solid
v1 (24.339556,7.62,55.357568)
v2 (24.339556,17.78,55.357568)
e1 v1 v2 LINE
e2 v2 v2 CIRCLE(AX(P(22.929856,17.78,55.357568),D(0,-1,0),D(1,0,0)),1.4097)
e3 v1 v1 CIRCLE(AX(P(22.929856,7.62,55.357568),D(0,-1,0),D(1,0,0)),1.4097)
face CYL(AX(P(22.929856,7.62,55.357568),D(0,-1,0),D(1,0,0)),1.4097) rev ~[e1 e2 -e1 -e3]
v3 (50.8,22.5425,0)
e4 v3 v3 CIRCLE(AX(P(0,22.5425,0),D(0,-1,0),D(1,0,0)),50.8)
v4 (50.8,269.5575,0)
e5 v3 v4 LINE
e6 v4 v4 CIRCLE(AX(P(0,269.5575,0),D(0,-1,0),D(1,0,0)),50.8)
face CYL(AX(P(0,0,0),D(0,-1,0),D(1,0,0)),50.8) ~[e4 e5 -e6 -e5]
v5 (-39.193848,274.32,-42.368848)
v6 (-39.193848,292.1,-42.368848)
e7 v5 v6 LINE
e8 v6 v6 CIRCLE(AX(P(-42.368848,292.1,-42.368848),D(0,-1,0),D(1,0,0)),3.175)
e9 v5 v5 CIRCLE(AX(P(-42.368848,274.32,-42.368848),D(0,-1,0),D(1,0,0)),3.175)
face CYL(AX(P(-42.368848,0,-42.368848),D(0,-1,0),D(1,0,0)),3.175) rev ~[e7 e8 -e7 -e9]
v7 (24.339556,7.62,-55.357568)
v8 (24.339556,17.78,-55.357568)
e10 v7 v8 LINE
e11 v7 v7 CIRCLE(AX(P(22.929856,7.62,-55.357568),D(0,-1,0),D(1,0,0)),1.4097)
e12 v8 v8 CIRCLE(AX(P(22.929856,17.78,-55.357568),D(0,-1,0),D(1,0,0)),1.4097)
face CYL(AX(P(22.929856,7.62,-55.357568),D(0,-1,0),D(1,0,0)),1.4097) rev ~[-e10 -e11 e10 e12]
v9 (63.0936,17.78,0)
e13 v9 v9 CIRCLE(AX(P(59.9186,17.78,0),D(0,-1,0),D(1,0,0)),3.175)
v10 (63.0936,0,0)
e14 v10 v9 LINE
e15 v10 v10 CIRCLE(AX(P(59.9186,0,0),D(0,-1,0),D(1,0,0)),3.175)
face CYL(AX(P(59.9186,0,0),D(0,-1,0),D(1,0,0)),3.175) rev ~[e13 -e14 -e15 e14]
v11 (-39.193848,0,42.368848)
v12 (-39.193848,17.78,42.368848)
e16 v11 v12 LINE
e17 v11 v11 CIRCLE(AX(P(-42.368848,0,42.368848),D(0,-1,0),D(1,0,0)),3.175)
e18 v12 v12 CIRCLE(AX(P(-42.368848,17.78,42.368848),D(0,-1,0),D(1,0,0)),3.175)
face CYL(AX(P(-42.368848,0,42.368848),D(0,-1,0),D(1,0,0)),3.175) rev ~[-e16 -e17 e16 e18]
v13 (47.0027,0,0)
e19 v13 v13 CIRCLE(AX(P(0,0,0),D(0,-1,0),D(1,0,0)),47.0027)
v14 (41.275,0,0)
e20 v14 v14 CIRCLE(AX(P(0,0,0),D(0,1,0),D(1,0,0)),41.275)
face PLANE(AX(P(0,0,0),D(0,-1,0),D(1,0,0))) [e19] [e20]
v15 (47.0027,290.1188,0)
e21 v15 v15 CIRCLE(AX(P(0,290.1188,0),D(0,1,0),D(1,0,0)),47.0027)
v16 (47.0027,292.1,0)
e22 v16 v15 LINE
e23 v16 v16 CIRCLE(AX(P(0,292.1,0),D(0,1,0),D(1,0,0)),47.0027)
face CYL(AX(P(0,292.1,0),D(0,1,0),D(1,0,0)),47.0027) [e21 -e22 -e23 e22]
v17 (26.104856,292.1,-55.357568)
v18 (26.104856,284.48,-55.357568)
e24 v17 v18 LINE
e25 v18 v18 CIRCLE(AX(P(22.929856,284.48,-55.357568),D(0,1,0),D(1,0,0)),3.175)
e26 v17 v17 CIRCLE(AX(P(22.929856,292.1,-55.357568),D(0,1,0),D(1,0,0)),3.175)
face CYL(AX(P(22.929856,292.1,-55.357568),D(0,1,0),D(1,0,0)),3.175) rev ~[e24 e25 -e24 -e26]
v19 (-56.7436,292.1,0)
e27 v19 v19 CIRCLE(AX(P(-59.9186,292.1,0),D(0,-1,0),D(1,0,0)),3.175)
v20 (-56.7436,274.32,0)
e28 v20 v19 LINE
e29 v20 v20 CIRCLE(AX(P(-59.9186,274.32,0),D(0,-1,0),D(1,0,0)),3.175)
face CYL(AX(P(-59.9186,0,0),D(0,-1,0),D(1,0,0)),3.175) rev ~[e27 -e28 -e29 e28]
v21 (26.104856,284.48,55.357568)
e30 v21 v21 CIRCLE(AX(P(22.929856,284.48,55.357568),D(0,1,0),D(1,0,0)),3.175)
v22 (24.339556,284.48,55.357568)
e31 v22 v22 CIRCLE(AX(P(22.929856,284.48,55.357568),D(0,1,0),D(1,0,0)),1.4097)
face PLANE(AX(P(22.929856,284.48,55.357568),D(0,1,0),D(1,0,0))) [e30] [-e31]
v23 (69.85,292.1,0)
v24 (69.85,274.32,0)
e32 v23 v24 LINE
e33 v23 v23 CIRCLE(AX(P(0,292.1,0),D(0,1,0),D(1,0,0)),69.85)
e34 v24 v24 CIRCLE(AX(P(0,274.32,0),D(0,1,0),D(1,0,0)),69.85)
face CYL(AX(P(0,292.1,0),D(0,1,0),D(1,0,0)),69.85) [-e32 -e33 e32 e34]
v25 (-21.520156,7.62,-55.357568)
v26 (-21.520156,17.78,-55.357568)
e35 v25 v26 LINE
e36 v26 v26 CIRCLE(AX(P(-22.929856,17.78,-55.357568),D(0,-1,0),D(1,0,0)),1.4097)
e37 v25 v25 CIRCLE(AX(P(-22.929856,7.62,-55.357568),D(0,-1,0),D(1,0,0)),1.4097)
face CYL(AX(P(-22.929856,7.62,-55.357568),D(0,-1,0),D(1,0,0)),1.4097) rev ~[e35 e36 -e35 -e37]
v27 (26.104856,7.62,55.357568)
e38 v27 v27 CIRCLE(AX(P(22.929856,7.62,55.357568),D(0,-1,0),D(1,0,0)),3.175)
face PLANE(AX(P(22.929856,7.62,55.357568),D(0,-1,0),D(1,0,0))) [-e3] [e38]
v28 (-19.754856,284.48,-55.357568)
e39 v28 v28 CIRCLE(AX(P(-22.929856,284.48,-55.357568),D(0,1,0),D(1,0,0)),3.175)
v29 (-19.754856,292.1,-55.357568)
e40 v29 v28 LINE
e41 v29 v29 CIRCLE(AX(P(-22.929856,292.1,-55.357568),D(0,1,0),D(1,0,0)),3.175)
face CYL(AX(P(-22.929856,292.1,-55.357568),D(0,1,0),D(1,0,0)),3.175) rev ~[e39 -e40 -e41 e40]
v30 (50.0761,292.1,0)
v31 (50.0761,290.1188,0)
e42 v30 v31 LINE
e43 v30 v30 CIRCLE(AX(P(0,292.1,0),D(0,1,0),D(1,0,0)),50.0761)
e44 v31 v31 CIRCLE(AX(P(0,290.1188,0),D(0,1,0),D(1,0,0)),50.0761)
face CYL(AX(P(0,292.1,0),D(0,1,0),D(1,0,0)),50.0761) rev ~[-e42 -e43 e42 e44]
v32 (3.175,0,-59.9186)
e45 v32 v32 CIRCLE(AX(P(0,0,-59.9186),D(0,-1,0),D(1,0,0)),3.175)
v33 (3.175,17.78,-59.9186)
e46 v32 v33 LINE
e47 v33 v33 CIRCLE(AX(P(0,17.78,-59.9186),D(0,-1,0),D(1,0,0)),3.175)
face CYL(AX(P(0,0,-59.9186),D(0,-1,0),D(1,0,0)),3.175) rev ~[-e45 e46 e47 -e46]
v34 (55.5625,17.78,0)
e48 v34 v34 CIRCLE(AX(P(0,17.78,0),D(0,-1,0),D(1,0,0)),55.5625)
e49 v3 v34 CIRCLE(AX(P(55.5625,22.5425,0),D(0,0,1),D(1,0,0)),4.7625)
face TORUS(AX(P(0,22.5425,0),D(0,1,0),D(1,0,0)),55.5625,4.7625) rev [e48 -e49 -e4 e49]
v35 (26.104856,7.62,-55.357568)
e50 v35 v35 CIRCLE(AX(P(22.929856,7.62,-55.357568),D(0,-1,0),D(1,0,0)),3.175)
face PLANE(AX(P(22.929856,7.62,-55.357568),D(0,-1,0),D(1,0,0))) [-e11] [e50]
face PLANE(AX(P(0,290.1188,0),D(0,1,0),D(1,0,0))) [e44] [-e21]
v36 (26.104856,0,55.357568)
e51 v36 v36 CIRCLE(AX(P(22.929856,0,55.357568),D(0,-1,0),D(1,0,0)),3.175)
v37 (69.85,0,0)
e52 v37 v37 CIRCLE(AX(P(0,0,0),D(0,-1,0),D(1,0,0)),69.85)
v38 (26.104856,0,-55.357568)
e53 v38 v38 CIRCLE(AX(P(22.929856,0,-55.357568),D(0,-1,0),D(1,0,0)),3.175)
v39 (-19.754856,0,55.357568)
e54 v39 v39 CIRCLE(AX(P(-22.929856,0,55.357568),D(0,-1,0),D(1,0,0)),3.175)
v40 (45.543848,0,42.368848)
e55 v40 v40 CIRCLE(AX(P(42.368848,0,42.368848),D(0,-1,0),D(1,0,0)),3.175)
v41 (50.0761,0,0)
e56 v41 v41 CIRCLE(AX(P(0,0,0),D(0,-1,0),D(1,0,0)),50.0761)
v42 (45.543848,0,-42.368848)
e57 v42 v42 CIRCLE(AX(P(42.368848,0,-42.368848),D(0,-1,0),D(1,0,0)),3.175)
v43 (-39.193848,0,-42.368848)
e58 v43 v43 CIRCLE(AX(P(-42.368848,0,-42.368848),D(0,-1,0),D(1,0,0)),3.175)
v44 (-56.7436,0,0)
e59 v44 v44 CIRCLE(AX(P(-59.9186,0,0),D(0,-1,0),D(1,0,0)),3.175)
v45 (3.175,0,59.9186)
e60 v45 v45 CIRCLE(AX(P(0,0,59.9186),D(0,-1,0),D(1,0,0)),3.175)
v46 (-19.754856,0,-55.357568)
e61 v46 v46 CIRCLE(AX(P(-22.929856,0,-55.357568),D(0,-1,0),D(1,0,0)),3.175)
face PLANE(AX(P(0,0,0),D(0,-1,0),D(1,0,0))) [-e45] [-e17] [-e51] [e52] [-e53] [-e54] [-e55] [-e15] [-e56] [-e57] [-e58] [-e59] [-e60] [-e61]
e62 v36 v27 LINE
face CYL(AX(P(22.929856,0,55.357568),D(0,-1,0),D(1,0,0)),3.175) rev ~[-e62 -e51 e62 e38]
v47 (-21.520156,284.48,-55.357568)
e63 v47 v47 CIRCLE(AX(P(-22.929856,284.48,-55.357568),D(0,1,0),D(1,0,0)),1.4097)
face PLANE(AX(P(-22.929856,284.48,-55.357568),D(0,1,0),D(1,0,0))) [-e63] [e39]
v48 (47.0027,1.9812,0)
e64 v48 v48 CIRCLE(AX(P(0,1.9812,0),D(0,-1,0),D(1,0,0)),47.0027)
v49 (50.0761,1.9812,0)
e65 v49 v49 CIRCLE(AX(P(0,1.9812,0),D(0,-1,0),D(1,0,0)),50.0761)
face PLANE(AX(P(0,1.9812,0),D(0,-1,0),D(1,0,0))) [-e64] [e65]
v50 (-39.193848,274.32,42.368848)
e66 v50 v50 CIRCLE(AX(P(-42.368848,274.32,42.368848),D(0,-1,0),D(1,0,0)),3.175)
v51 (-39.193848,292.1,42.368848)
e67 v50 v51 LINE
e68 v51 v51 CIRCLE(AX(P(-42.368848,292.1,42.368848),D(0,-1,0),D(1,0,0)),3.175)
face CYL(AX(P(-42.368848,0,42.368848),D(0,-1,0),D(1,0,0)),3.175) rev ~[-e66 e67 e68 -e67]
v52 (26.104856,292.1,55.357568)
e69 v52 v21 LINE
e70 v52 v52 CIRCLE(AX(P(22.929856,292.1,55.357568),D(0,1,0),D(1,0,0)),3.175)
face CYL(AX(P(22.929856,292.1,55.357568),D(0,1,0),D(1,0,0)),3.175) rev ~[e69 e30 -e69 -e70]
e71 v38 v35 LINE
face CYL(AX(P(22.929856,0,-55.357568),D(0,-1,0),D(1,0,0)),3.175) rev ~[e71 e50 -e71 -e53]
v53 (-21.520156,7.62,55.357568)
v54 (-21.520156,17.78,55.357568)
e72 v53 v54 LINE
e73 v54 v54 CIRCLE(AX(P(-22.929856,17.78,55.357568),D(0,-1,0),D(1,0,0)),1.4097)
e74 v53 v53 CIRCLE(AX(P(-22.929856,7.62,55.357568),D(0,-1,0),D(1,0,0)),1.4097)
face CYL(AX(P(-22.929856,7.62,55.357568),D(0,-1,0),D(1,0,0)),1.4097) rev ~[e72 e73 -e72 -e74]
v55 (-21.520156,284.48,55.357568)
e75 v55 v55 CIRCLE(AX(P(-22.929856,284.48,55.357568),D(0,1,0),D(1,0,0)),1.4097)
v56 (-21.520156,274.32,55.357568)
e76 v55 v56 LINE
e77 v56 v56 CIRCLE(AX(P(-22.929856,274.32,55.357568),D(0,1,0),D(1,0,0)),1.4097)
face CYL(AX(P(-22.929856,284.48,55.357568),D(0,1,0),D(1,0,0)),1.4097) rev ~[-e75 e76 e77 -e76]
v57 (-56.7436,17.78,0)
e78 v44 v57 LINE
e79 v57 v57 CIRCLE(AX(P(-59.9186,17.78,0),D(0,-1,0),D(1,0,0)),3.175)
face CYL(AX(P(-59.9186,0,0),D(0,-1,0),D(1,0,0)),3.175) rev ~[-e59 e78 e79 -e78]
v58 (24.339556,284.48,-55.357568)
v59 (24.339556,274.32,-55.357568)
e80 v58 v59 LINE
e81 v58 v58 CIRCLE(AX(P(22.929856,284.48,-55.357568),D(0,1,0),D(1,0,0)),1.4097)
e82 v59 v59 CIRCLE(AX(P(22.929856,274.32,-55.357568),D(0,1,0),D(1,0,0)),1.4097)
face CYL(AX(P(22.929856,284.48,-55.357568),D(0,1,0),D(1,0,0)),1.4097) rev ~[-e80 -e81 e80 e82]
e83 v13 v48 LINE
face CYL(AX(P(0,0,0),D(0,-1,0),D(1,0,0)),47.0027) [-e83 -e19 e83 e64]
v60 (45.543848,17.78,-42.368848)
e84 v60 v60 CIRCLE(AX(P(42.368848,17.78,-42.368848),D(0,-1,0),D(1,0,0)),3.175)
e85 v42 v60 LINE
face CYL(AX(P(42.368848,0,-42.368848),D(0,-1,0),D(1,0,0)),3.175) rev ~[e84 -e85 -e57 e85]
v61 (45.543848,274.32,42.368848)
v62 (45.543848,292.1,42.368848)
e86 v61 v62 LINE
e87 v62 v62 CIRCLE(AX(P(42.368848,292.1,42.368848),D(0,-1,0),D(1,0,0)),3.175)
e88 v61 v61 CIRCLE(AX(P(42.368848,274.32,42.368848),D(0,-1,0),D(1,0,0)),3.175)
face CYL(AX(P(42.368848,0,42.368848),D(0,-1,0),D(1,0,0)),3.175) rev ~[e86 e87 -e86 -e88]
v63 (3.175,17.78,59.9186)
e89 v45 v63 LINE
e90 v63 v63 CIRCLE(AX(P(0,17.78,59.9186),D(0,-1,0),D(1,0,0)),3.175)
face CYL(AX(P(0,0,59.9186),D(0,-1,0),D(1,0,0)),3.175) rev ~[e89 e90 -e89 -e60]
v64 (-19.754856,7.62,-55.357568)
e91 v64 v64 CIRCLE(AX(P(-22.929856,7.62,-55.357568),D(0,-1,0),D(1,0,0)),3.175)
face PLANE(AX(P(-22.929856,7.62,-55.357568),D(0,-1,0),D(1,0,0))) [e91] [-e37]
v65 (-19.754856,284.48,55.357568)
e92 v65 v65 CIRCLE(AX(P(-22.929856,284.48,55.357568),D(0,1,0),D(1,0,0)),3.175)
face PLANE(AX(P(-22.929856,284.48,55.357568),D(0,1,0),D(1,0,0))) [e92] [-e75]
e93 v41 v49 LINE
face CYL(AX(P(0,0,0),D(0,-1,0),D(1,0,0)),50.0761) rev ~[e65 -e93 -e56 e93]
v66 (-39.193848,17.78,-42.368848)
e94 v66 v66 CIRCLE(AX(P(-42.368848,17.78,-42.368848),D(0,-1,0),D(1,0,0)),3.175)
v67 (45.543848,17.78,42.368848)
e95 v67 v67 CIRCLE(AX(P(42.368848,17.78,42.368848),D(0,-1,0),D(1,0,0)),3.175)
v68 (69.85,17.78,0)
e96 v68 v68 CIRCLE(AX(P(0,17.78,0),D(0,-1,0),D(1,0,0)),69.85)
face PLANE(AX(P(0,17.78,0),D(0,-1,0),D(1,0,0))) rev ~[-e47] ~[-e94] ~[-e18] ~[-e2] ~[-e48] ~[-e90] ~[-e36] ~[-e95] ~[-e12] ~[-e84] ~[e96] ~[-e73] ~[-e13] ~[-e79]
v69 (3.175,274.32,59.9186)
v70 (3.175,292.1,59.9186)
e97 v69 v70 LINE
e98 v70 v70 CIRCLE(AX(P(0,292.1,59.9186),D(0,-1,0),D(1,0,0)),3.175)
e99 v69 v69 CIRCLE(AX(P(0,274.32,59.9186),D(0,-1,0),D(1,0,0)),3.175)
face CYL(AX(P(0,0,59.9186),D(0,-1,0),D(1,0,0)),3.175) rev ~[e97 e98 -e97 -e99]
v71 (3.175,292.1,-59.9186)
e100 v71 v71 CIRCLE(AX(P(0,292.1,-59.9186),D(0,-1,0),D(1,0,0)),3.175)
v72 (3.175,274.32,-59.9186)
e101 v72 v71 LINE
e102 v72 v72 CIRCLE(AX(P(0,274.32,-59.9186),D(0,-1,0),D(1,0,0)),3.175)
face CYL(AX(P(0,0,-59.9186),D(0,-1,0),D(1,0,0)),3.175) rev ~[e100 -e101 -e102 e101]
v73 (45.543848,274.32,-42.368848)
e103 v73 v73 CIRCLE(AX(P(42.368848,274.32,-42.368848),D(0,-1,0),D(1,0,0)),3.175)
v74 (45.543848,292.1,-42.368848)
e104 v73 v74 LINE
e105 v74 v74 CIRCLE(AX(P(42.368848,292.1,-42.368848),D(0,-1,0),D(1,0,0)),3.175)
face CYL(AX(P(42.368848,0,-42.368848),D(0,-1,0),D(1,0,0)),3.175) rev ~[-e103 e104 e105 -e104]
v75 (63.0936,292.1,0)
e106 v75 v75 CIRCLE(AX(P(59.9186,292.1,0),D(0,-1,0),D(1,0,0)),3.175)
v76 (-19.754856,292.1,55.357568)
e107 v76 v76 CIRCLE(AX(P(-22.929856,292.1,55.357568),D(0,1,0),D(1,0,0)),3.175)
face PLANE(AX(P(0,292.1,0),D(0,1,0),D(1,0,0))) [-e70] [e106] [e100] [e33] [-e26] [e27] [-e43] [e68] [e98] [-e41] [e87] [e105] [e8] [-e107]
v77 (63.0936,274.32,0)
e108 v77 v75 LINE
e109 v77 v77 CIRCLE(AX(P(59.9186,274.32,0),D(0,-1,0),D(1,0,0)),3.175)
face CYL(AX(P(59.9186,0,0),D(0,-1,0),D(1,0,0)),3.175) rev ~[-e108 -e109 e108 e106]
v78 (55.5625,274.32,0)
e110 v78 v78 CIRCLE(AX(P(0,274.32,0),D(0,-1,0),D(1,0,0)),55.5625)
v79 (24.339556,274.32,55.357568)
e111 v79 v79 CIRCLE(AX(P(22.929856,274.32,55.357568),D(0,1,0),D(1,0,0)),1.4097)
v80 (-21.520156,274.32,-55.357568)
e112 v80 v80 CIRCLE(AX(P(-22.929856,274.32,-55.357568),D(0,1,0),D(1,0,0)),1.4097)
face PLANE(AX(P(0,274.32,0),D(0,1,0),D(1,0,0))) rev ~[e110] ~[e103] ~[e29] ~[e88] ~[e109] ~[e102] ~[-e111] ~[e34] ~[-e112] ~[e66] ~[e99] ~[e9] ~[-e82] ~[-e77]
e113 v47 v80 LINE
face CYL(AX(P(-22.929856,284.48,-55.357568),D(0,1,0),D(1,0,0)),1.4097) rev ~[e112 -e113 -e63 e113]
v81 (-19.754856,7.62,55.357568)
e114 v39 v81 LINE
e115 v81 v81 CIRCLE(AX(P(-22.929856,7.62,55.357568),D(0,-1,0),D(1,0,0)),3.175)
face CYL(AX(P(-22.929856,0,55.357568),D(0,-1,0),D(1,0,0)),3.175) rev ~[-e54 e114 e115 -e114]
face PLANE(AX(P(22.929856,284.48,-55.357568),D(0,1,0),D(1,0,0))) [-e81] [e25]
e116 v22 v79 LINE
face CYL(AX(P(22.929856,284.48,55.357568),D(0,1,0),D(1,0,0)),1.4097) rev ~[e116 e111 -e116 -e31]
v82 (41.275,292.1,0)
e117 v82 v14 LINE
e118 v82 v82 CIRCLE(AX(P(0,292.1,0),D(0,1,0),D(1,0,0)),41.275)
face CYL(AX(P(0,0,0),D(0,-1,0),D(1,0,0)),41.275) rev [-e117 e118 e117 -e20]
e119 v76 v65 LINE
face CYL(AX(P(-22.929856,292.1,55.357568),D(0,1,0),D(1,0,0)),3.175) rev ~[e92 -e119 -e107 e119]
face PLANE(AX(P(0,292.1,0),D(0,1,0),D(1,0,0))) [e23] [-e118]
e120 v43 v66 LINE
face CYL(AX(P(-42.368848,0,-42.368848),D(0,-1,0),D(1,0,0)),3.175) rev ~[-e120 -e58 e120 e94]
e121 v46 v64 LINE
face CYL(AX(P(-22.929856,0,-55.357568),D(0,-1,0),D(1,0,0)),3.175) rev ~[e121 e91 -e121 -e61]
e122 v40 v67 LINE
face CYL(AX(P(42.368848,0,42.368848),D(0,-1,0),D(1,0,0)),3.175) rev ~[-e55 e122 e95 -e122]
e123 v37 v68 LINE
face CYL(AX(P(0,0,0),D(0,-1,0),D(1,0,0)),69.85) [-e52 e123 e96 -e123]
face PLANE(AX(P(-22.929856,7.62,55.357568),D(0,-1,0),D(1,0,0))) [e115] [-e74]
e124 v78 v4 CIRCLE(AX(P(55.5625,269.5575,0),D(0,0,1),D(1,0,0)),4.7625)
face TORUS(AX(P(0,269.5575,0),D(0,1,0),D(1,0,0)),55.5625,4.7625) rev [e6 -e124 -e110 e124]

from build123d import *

# Parameters (mm, degrees)
SKETCH2_R               = 50.8
SKETCH2_R_2             = 41.275
BASE_CYLINDER_DEPTH     = 292.1
SKETCH3_R               = 69.85
SKETCH3_R_2             = 41.275
AFT_FLANGE_DEPTH        = 17.78
SKETCH4_R               = 69.85
SKETCH4_R_2             = 41.275
FORWARD_FLANGE_DEPTH    = 17.78
SKETCH6_R               = 50.0761
SKETCH6_R_2             = 47.0027
O_RING_SLOT_1_DEPTH     = 1.9812
SKETCH7_R               = 50.0761
SKETCH7_R_2             = 47.0027
O_RING_SLOT_2_DEPTH     = 1.9812
SKETCH8_R               = 3.175
CUT_EXTRUDE4_DEPTH      = 1
CUT_EXTRUDE4_DEPTH_BACK = 293.1
FILLET1_R               = 4.7625
SKETCH9_R               = 3.175
CUT_EXTRUDE5_DEPTH      = 7.62
SKETCH10_R              = 3.175
CUT_EXTRUDE6_DEPTH      = 7.62
CUT_EXTRUDE7_REACH      = 286.48
SKETCH11_R              = 1.4097
CUT_EXTRUDE8_REACH      = 286.48
SKETCH12_R              = 1.4097


with BuildPart() as part:
    # Sketch2 → Base Cylinder (new body)
    with BuildSketch(Plane(origin=(0, 0, 0), x_dir=(1, 0, 0), z_dir=(0, 1, 0))):
        Circle(SKETCH2_R)
        Circle(SKETCH2_R_2, mode=Mode.SUBTRACT)
    extrude(amount=BASE_CYLINDER_DEPTH)

    # Sketch3 → Aft Flange (add)
    with BuildSketch(Plane.XZ):
        Circle(SKETCH3_R)
        Circle(SKETCH3_R_2, mode=Mode.SUBTRACT)
    extrude(amount=-AFT_FLANGE_DEPTH)

    # Sketch4 → Forward Flange (add)
    with BuildSketch(Plane(origin=(0, 292.1, 0), x_dir=(1, 0, 0), z_dir=(0, 1, 0))):
        Circle(SKETCH4_R)
        Circle(SKETCH4_R_2, mode=Mode.SUBTRACT)
    extrude(amount=-FORWARD_FLANGE_DEPTH)

    # Sketch6 → O-Ring Slot 1 (cut)
    with BuildSketch(Plane.XZ):
        Circle(SKETCH6_R)
        Circle(SKETCH6_R_2, mode=Mode.SUBTRACT)
    extrude(amount=-O_RING_SLOT_1_DEPTH, mode=Mode.SUBTRACT)

    # Sketch7 → O-Ring Slot 2 (cut)
    with BuildSketch(Plane(origin=(0, 292.1, 0), x_dir=(1, 0, 0), z_dir=(0, 1, 0))):
        Circle(SKETCH7_R)
        Circle(SKETCH7_R_2, mode=Mode.SUBTRACT)
    extrude(amount=-O_RING_SLOT_2_DEPTH, mode=Mode.SUBTRACT)

    # Sketch8 → Cut-Extrude4 (cut, two sides)
    with BuildSketch(Plane.XZ) as cut_extrude4_sk:
        with Locations((-59.9186, 0)):
            Circle(SKETCH8_R)
        with Locations((-42.368848379, 42.368848379)):
            Circle(SKETCH8_R)
        with Locations((0, 59.9186)):
            Circle(SKETCH8_R)
        with Locations((42.368848379, 42.368848379)):
            Circle(SKETCH8_R)
        with Locations((59.9186, 0)):
            Circle(SKETCH8_R)
        with Locations((42.368848379, -42.368848379)):
            Circle(SKETCH8_R)
        with Locations((0, -59.9186)):
            Circle(SKETCH8_R)
        with Locations((-42.368848379, -42.368848379)):
            Circle(SKETCH8_R)
    extrude(amount=CUT_EXTRUDE4_DEPTH, mode=Mode.SUBTRACT)
    extrude(cut_extrude4_sk.sketch, amount=-CUT_EXTRUDE4_DEPTH_BACK, mode=Mode.SUBTRACT)

    # Fillet1
    fillet1_edges = [part.edges().sort_by_distance(p)[0] for p in [
        (-50.8, 17.78, 0),
        (-50.8, 274.32, 0),
    ]]
    fillet(fillet1_edges, radius=FILLET1_R)

    # Sketch9 → Cut-Extrude5 (cut)
    with BuildSketch(Plane(origin=(0, 292.1, 0), x_dir=(1, 0, 0), z_dir=(0, 1, 0))):
        with Locations((-22.929855511, 55.357568157)):
            Circle(SKETCH9_R)
        with Locations((22.929855511, -55.357568157)):
            Circle(SKETCH9_R)
        with Locations((22.929855511, 55.357568157)):
            Circle(SKETCH9_R)
        with Locations((-22.929855511, -55.357568157)):
            Circle(SKETCH9_R)
    extrude(amount=-CUT_EXTRUDE5_DEPTH, mode=Mode.SUBTRACT)

    # Sketch10 → Cut-Extrude6 (cut)
    with BuildSketch(Plane.XZ):
        with Locations((-22.929855511, 55.357568157)):
            Circle(SKETCH10_R)
        with Locations((22.929855511, -55.357568157)):
            Circle(SKETCH10_R)
        with Locations((22.929855511, 55.357568157)):
            Circle(SKETCH10_R)
        with Locations((-22.929855511, -55.357568157)):
            Circle(SKETCH10_R)
    extrude(amount=-CUT_EXTRUDE6_DEPTH, mode=Mode.SUBTRACT)

    # Sketch11 → Cut-Extrude7 (cut, up to next)
    with BuildSketch(Plane(origin=(0, 284.48, 0), x_dir=(1, 0, 0), z_dir=(0, 1, 0)), mode=Mode.PRIVATE) as cut_extrude7_sk1:
        with Locations((-22.929855511, 55.357568157)):
            Circle(SKETCH11_R)
    cut_extrude7_tool1 = extrude(cut_extrude7_sk1.sketch, amount=-CUT_EXTRUDE7_REACH, mode=Mode.PRIVATE) & part.part
    add(cut_extrude7_tool1.solids().sort_by_distance((-22.929856, 284.48, -55.357568))[0], mode=Mode.SUBTRACT)
    # Sketch11 → Cut-Extrude7 (cut, up to next)
    with BuildSketch(Plane(origin=(0, 284.48, 0), x_dir=(1, 0, 0), z_dir=(0, 1, 0)), mode=Mode.PRIVATE) as cut_extrude7_sk2:
        with Locations((22.929855511, 55.357568157)):
            Circle(SKETCH11_R)
    cut_extrude7_tool2 = extrude(cut_extrude7_sk2.sketch, amount=-CUT_EXTRUDE7_REACH, mode=Mode.PRIVATE) & part.part
    add(cut_extrude7_tool2.solids().sort_by_distance((22.929856, 284.48, -55.357568))[0], mode=Mode.SUBTRACT)
    # Sketch11 → Cut-Extrude7 (cut, up to next)
    with BuildSketch(Plane(origin=(0, 284.48, 0), x_dir=(1, 0, 0), z_dir=(0, 1, 0)), mode=Mode.PRIVATE) as cut_extrude7_sk3:
        with Locations((-22.929855511, -55.357568157)):
            Circle(SKETCH11_R)
    cut_extrude7_tool3 = extrude(cut_extrude7_sk3.sketch, amount=-CUT_EXTRUDE7_REACH, mode=Mode.PRIVATE) & part.part
    add(cut_extrude7_tool3.solids().sort_by_distance((-22.929856, 284.48, 55.357568))[0], mode=Mode.SUBTRACT)
    # Sketch11 → Cut-Extrude7 (cut, up to next)
    with BuildSketch(Plane(origin=(0, 284.48, 0), x_dir=(1, 0, 0), z_dir=(0, 1, 0)), mode=Mode.PRIVATE) as cut_extrude7_sk4:
        with Locations((22.929855511, -55.357568157)):
            Circle(SKETCH11_R)
    cut_extrude7_tool4 = extrude(cut_extrude7_sk4.sketch, amount=-CUT_EXTRUDE7_REACH, mode=Mode.PRIVATE) & part.part
    add(cut_extrude7_tool4.solids().sort_by_distance((22.929856, 284.48, 55.357568))[0], mode=Mode.SUBTRACT)

    # Sketch12 → Cut-Extrude8 (cut, up to next)
    with BuildSketch(Plane.XZ.offset(-7.62), mode=Mode.PRIVATE) as cut_extrude8_sk1:
        with Locations((-22.929855511, 55.357568157)):
            Circle(SKETCH12_R)
    cut_extrude8_tool1 = extrude(cut_extrude8_sk1.sketch, amount=-CUT_EXTRUDE8_REACH, mode=Mode.PRIVATE) & part.part
    add(cut_extrude8_tool1.solids().sort_by_distance((-22.929856, 7.62, 55.357568))[0], mode=Mode.SUBTRACT)
    # Sketch12 → Cut-Extrude8 (cut, up to next)
    with BuildSketch(Plane.XZ.offset(-7.62), mode=Mode.PRIVATE) as cut_extrude8_sk2:
        with Locations((22.929855511, 55.357568157)):
            Circle(SKETCH12_R)
    cut_extrude8_tool2 = extrude(cut_extrude8_sk2.sketch, amount=-CUT_EXTRUDE8_REACH, mode=Mode.PRIVATE) & part.part
    add(cut_extrude8_tool2.solids().sort_by_distance((22.929856, 7.62, 55.357568))[0], mode=Mode.SUBTRACT)
    # Sketch12 → Cut-Extrude8 (cut, up to next)
    with BuildSketch(Plane.XZ.offset(-7.62), mode=Mode.PRIVATE) as cut_extrude8_sk3:
        with Locations((-22.929855511, -55.357568157)):
            Circle(SKETCH12_R)
    cut_extrude8_tool3 = extrude(cut_extrude8_sk3.sketch, amount=-CUT_EXTRUDE8_REACH, mode=Mode.PRIVATE) & part.part
    add(cut_extrude8_tool3.solids().sort_by_distance((-22.929856, 7.62, -55.357568))[0], mode=Mode.SUBTRACT)
    # Sketch12 → Cut-Extrude8 (cut, up to next)
    with BuildSketch(Plane.XZ.offset(-7.62), mode=Mode.PRIVATE) as cut_extrude8_sk4:
        with Locations((22.929855511, -55.357568157)):
            Circle(SKETCH12_R)
    cut_extrude8_tool4 = extrude(cut_extrude8_sk4.sketch, amount=-CUT_EXTRUDE8_REACH, mode=Mode.PRIVATE) & part.part
    add(cut_extrude8_tool4.solids().sort_by_distance((22.929856, 7.62, -55.357568))[0], mode=Mode.SUBTRACT)


solid = part.part
